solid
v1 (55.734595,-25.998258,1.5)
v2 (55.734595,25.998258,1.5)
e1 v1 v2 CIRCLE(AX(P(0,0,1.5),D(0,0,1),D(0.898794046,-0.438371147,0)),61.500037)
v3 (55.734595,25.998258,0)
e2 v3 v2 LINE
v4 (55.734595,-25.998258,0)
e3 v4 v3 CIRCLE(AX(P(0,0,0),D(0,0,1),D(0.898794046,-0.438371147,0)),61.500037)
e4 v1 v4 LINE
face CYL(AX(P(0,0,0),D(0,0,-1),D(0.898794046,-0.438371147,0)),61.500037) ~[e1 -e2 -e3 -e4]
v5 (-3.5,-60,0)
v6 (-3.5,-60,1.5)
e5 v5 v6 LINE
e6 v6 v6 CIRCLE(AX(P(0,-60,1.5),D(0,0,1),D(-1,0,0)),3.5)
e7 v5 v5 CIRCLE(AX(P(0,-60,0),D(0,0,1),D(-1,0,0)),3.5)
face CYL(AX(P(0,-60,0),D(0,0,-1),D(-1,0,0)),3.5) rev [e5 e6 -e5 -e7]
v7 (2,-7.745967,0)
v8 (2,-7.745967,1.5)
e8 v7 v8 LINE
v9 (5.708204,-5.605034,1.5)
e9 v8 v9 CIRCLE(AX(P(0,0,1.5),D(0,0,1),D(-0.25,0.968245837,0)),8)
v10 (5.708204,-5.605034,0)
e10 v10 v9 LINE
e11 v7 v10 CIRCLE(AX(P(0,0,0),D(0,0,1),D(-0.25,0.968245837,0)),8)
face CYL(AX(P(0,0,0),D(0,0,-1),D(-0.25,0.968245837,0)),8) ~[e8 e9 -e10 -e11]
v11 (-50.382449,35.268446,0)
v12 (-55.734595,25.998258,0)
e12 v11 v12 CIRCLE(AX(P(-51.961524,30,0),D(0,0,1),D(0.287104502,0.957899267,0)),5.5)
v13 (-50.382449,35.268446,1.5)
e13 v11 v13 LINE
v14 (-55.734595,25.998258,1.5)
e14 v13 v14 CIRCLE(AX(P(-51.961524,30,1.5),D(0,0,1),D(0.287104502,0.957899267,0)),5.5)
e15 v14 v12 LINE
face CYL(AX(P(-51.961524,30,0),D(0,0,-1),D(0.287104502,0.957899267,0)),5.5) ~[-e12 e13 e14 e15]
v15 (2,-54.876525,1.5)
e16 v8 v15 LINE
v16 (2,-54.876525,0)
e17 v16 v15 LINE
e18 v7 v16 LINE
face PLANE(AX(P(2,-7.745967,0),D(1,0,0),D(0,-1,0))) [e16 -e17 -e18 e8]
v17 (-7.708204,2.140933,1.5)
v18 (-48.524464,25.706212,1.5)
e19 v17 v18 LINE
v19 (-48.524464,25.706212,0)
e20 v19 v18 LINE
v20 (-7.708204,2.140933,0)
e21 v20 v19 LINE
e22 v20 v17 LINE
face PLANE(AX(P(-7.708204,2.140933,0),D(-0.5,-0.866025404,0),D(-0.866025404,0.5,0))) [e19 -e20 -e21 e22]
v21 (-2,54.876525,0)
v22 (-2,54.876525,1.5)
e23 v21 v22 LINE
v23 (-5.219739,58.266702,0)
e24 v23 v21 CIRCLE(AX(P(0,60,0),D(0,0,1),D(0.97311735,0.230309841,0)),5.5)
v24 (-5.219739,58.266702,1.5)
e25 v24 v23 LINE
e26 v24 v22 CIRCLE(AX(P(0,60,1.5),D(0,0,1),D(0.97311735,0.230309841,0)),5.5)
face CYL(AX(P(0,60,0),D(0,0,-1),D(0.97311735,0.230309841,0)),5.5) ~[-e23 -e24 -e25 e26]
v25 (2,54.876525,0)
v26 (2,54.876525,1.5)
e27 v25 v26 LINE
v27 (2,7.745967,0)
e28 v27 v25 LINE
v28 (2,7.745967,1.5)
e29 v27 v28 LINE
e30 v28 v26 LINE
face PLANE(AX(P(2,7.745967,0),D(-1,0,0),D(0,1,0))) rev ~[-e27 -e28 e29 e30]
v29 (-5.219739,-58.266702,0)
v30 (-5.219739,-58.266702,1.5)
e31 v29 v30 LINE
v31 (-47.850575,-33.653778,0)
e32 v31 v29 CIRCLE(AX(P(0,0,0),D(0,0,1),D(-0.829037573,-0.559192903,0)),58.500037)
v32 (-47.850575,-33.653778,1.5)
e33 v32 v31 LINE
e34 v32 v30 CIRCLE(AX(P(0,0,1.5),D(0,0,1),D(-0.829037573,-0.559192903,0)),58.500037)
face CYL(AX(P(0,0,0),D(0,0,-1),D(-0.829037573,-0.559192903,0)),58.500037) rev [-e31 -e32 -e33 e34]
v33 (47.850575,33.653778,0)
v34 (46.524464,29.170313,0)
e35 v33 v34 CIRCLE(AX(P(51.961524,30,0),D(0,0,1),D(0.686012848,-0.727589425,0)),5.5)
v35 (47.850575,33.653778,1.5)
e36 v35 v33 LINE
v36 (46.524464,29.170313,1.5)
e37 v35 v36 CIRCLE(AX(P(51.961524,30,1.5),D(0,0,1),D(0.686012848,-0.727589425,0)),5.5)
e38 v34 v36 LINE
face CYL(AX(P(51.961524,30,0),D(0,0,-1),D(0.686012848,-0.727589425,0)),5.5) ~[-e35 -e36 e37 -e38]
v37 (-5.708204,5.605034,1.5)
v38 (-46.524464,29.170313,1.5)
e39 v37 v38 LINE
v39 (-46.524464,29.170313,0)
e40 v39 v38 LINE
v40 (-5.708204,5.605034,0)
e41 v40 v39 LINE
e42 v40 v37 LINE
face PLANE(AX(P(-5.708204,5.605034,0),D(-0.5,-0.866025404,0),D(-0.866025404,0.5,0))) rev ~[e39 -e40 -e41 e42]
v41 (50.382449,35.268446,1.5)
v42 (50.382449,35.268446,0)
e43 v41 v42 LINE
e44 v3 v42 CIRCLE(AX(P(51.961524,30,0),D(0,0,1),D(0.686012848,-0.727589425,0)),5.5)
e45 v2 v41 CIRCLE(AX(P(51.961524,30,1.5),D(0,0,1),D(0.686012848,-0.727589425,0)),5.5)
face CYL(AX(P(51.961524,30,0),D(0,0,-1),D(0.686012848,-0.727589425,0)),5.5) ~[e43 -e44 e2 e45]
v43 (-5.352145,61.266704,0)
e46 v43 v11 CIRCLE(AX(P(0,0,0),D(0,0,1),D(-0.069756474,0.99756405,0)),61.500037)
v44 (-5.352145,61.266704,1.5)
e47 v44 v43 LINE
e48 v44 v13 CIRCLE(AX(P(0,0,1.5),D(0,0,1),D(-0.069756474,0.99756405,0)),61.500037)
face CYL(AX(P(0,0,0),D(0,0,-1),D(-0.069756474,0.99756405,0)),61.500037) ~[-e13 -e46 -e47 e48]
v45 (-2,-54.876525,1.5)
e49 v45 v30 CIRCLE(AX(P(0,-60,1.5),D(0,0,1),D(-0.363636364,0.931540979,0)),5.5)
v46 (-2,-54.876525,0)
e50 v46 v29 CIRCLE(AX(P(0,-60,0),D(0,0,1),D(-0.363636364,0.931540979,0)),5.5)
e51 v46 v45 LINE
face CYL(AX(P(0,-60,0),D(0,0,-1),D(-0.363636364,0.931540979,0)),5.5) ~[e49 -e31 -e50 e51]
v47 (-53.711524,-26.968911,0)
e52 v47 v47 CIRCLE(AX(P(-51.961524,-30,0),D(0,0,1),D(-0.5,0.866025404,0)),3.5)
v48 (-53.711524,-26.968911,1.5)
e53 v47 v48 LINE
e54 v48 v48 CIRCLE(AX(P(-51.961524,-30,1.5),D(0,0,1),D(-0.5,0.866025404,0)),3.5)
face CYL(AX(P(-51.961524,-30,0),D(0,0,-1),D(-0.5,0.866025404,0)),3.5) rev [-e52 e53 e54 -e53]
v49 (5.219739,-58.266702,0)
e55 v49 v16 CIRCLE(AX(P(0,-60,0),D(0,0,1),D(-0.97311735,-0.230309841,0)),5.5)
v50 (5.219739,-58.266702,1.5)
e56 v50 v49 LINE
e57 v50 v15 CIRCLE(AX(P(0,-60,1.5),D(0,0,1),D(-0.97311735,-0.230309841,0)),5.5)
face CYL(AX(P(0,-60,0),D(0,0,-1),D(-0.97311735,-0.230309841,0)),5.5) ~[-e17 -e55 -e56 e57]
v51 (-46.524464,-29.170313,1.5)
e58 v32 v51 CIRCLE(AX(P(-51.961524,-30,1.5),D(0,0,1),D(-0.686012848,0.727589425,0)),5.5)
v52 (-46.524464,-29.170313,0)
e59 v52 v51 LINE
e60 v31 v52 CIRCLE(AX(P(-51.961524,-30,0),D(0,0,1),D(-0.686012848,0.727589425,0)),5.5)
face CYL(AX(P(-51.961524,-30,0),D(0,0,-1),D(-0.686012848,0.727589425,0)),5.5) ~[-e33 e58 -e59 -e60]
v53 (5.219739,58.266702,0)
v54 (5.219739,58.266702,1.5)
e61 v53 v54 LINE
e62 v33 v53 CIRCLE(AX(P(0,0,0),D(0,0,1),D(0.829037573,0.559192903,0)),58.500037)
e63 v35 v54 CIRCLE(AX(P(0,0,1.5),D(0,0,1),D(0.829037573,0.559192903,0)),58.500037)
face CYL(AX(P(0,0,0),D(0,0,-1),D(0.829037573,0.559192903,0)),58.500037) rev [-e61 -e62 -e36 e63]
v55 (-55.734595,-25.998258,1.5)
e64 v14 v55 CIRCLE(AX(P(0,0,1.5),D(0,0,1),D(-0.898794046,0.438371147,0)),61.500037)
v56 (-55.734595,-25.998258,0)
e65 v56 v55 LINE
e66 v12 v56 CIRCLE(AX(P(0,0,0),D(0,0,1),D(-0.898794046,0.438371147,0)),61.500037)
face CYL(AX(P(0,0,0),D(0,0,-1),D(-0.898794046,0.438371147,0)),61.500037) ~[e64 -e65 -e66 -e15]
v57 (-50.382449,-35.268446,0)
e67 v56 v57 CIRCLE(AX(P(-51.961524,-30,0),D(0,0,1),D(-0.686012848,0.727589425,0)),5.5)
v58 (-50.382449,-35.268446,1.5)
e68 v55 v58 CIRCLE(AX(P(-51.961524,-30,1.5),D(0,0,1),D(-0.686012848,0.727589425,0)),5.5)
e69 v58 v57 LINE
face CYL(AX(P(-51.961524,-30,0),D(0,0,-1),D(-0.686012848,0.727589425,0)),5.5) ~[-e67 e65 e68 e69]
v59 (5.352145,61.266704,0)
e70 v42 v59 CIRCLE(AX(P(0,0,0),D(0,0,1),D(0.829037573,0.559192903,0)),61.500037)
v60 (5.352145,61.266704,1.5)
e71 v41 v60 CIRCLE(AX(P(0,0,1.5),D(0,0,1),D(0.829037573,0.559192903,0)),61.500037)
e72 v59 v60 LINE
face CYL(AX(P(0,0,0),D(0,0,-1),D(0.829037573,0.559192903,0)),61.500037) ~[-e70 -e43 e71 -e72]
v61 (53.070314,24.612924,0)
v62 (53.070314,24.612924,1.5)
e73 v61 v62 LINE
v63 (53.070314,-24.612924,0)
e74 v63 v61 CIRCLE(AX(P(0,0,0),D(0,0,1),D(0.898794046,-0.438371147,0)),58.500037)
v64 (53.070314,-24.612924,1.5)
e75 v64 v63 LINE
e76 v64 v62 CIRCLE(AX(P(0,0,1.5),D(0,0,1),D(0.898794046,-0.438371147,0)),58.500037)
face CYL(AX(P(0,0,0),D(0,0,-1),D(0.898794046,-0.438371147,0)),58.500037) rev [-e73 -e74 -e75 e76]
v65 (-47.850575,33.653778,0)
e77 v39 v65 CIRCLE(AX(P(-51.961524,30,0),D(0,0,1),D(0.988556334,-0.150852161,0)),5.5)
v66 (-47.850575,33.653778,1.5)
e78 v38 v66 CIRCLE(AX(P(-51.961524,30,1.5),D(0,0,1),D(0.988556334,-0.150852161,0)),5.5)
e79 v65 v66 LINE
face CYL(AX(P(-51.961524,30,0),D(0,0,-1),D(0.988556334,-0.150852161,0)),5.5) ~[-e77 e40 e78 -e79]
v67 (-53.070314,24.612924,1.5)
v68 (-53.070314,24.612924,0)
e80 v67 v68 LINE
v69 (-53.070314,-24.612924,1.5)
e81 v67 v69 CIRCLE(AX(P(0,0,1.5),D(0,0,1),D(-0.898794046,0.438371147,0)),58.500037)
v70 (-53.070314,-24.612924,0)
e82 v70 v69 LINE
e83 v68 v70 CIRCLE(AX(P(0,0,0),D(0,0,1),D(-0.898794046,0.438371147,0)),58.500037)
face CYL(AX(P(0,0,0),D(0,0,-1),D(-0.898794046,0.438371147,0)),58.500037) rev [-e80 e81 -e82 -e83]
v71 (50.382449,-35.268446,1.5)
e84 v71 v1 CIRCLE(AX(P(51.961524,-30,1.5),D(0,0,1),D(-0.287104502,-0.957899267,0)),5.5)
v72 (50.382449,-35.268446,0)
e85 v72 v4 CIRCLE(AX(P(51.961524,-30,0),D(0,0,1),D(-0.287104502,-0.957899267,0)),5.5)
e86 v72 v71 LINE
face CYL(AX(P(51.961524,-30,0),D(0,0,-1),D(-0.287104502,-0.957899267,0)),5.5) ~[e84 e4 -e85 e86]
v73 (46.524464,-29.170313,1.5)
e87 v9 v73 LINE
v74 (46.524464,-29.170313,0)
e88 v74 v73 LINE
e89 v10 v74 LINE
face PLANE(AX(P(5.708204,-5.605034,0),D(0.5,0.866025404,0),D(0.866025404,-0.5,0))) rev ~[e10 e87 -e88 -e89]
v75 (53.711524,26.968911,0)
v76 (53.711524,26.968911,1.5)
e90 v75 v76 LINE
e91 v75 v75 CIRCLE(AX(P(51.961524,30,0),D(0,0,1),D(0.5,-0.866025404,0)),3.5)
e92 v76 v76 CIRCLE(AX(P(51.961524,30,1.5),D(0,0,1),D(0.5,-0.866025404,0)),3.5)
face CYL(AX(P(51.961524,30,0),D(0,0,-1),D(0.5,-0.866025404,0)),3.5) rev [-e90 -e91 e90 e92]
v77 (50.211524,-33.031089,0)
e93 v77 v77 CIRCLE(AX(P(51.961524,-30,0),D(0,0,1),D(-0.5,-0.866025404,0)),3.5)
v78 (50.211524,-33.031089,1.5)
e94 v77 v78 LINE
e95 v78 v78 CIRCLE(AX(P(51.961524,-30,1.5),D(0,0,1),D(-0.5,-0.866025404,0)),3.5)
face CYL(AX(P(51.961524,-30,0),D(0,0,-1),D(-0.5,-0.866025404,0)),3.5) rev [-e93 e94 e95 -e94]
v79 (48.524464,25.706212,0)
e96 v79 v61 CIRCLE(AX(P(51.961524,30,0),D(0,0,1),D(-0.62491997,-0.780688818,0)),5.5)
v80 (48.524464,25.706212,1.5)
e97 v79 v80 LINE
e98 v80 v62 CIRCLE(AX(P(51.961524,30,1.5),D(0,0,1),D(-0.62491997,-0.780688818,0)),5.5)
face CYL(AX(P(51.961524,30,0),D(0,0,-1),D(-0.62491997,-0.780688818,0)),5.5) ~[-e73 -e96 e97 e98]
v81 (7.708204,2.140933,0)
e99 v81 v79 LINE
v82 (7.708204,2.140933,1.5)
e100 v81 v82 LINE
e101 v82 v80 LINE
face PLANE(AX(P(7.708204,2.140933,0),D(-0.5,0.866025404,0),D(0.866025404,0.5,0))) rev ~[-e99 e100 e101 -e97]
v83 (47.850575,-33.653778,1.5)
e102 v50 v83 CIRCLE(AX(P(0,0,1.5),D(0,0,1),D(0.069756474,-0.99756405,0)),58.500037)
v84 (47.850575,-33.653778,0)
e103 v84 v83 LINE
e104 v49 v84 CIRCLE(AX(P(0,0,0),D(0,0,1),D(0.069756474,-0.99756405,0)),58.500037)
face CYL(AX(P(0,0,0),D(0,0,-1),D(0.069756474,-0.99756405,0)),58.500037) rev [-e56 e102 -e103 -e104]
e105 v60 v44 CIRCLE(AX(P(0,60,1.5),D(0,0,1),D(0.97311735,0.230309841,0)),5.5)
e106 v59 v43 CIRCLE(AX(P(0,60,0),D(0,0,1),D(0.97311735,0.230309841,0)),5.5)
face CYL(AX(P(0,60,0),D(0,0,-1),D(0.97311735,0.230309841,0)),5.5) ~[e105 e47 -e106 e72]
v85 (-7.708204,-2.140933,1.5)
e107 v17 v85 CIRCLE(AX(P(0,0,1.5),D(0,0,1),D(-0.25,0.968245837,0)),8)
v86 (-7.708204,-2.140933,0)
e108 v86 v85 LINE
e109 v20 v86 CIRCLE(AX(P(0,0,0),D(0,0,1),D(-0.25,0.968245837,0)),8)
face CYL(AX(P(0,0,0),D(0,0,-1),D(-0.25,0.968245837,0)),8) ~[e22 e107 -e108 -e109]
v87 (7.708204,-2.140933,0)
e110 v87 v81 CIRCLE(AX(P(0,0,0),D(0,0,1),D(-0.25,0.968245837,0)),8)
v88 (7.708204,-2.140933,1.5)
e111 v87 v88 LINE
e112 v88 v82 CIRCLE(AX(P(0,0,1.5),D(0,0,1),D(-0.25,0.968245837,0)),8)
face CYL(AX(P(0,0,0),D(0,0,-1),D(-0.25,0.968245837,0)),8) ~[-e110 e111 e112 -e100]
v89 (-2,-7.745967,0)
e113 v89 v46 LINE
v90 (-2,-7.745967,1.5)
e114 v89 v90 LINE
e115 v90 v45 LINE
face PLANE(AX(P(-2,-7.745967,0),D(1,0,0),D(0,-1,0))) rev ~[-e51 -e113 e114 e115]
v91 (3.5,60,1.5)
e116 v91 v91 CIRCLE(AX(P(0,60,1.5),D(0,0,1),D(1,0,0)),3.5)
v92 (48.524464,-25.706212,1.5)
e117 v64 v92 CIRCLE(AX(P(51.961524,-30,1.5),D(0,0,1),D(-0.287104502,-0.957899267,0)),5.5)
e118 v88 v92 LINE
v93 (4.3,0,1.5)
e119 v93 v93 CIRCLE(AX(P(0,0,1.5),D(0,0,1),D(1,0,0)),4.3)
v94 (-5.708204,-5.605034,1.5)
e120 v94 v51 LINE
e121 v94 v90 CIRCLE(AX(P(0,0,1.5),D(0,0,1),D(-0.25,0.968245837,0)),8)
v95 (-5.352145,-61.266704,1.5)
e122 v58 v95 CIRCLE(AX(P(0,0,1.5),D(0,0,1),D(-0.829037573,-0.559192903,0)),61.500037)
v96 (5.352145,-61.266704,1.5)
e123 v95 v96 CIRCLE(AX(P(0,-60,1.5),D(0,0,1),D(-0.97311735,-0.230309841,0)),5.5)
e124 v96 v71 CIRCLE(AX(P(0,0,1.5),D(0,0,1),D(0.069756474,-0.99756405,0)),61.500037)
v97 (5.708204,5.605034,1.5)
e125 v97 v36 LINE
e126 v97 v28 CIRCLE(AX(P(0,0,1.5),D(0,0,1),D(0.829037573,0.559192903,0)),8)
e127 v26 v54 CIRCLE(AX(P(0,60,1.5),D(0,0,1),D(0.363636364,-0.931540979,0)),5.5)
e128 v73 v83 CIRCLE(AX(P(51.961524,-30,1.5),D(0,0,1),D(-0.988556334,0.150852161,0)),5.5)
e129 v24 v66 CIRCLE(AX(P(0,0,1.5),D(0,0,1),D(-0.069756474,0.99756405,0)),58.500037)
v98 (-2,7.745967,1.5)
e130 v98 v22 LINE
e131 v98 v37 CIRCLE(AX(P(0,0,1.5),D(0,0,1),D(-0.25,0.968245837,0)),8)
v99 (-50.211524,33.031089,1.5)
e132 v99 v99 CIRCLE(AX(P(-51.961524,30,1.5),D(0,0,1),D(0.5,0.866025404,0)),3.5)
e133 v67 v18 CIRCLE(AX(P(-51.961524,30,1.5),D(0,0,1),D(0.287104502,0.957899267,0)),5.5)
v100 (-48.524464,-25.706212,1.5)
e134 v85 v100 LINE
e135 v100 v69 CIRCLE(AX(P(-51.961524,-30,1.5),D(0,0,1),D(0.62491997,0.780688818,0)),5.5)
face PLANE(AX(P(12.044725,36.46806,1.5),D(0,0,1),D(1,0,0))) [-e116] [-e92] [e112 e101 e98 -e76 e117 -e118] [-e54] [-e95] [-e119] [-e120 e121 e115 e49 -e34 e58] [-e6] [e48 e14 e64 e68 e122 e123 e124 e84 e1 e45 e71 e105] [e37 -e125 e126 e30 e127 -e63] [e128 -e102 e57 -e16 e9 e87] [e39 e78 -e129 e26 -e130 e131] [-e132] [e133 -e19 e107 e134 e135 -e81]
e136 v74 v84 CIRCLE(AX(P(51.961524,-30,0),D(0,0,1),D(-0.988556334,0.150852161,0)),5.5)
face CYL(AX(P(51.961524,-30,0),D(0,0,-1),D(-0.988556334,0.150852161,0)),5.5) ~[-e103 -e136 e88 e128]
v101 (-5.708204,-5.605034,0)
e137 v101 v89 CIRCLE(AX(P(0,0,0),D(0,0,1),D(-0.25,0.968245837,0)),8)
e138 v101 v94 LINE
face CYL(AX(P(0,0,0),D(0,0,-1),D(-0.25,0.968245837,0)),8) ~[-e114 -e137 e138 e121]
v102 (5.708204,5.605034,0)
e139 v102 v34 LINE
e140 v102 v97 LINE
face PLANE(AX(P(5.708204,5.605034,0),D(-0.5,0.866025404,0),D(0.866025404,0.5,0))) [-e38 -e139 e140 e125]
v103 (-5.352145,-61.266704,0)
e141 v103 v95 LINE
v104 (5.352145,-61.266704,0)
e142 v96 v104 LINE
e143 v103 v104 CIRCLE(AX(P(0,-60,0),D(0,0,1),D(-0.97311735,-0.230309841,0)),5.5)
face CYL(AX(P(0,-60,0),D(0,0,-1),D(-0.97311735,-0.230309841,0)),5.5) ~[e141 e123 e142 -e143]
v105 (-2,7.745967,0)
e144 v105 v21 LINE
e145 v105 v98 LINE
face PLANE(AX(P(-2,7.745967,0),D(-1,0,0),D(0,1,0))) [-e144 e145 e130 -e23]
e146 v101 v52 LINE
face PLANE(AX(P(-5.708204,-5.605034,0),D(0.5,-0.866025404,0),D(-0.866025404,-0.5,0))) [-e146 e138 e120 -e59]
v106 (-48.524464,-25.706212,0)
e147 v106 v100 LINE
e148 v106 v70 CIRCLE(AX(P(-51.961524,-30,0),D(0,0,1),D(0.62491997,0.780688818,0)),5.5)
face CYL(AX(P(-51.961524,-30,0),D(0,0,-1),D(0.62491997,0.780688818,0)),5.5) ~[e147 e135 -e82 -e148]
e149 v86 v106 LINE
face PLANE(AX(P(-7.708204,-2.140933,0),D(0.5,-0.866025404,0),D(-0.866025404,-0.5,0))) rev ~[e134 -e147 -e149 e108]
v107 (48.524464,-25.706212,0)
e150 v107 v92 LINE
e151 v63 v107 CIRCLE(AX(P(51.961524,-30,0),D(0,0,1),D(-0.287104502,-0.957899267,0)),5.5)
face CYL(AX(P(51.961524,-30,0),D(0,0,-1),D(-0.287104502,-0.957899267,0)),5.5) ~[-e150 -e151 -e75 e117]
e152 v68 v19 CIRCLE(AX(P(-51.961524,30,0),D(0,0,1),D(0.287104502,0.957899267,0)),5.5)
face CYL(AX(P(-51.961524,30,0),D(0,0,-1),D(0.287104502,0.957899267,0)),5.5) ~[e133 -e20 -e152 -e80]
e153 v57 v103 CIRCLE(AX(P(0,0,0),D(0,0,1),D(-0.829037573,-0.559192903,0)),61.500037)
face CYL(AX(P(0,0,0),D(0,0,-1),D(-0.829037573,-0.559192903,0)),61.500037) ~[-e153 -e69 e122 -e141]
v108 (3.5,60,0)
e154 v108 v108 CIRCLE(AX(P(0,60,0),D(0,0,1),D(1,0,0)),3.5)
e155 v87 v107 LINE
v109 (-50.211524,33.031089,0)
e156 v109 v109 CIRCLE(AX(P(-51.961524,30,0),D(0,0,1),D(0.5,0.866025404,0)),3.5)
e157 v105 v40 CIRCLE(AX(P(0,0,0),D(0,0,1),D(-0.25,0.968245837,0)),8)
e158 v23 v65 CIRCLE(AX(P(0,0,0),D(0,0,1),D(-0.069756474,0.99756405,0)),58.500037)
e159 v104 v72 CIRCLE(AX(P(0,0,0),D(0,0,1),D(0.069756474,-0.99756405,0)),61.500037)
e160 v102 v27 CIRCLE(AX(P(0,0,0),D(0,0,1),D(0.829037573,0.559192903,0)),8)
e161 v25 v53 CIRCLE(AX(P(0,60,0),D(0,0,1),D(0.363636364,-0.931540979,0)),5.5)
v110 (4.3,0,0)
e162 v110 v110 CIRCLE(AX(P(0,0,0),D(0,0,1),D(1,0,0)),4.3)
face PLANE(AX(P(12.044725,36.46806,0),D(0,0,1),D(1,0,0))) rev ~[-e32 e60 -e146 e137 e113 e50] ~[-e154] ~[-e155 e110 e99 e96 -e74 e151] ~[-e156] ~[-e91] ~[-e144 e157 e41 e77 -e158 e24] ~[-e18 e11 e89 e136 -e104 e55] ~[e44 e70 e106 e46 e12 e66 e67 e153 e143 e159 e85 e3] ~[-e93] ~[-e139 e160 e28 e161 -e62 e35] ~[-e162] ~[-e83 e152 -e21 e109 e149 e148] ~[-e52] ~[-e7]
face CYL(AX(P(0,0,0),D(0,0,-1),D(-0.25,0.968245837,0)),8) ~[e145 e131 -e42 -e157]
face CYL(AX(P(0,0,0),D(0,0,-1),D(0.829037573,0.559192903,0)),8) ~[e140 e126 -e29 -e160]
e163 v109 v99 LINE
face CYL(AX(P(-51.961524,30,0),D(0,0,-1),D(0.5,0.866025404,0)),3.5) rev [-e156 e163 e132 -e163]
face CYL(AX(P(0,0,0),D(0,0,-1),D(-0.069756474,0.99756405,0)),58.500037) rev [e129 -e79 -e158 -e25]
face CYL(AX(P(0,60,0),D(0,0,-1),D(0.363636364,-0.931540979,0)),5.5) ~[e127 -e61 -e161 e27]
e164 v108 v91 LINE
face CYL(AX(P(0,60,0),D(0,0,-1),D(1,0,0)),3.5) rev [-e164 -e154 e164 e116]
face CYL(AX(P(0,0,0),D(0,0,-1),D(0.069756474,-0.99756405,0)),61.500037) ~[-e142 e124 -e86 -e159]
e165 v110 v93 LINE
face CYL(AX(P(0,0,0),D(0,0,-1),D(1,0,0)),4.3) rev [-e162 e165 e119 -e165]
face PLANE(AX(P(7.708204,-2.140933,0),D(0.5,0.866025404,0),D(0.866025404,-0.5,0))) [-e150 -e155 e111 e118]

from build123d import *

# Parameters (mm, degrees)
SKETCH_R           = 4.3
SKETCH_R_2         = 3.5
PAD_DEPTH          = 1.5
POLARPATTERN_COUNT = 6


with BuildPart() as part:
    # Sketch → Pad (new body)
    with BuildSketch(Plane.XY):
        with BuildLine():
            ThreePointArc((6.6323005804, 4.4735432278), (4.6158793486, 6.534038402), (2, 7.7459666924))
            Line((2, 7.7459666924), (2, 54.876524617))
            ThreePointArc((2, 54.876524617), (3.9880427931, 56.2124526827), (5.2197393691, 58.2667022995))
            ThreePointArc((48.4987282929, 32.7128052896), (29.7433833833, 50.3744520651), (5.2197393691, 58.2667022995))
            Line((48.4987282929, 32.7128052896), (50.9858410106, 34.390384))
            ThreePointArc((50.9858410106, 34.390384), (31.210195847, 52.9922463235), (5.3521454254, 61.2667041268))
            ThreePointArc((5.3521454254, 61.2667041268), (-3.6080213802, 64.1511663084), (-2, 54.876524617))
            Line((-2, 7.7459666924), (-2, 54.876524617))
            ThreePointArc((-2, 7.7459666924), (-2.8357963608, -7.4805253158), (6.6323005804, 4.4735432278))
        make_face()
        Circle(SKETCH_R, mode=Mode.SUBTRACT)
        with Locations((0, 60)):
            Circle(SKETCH_R_2, mode=Mode.SUBTRACT)
    pad = extrude(amount=PAD_DEPTH)

    # PolarPattern: Pad ×6 about axis
    polarpattern_axis = Axis((0, 0, 0), (0, 0, 1))
    for i in range(1, POLARPATTERN_COUNT):
        add(pad.rotate(polarpattern_axis, i * 360 / POLARPATTERN_COUNT))


solid = part.part
